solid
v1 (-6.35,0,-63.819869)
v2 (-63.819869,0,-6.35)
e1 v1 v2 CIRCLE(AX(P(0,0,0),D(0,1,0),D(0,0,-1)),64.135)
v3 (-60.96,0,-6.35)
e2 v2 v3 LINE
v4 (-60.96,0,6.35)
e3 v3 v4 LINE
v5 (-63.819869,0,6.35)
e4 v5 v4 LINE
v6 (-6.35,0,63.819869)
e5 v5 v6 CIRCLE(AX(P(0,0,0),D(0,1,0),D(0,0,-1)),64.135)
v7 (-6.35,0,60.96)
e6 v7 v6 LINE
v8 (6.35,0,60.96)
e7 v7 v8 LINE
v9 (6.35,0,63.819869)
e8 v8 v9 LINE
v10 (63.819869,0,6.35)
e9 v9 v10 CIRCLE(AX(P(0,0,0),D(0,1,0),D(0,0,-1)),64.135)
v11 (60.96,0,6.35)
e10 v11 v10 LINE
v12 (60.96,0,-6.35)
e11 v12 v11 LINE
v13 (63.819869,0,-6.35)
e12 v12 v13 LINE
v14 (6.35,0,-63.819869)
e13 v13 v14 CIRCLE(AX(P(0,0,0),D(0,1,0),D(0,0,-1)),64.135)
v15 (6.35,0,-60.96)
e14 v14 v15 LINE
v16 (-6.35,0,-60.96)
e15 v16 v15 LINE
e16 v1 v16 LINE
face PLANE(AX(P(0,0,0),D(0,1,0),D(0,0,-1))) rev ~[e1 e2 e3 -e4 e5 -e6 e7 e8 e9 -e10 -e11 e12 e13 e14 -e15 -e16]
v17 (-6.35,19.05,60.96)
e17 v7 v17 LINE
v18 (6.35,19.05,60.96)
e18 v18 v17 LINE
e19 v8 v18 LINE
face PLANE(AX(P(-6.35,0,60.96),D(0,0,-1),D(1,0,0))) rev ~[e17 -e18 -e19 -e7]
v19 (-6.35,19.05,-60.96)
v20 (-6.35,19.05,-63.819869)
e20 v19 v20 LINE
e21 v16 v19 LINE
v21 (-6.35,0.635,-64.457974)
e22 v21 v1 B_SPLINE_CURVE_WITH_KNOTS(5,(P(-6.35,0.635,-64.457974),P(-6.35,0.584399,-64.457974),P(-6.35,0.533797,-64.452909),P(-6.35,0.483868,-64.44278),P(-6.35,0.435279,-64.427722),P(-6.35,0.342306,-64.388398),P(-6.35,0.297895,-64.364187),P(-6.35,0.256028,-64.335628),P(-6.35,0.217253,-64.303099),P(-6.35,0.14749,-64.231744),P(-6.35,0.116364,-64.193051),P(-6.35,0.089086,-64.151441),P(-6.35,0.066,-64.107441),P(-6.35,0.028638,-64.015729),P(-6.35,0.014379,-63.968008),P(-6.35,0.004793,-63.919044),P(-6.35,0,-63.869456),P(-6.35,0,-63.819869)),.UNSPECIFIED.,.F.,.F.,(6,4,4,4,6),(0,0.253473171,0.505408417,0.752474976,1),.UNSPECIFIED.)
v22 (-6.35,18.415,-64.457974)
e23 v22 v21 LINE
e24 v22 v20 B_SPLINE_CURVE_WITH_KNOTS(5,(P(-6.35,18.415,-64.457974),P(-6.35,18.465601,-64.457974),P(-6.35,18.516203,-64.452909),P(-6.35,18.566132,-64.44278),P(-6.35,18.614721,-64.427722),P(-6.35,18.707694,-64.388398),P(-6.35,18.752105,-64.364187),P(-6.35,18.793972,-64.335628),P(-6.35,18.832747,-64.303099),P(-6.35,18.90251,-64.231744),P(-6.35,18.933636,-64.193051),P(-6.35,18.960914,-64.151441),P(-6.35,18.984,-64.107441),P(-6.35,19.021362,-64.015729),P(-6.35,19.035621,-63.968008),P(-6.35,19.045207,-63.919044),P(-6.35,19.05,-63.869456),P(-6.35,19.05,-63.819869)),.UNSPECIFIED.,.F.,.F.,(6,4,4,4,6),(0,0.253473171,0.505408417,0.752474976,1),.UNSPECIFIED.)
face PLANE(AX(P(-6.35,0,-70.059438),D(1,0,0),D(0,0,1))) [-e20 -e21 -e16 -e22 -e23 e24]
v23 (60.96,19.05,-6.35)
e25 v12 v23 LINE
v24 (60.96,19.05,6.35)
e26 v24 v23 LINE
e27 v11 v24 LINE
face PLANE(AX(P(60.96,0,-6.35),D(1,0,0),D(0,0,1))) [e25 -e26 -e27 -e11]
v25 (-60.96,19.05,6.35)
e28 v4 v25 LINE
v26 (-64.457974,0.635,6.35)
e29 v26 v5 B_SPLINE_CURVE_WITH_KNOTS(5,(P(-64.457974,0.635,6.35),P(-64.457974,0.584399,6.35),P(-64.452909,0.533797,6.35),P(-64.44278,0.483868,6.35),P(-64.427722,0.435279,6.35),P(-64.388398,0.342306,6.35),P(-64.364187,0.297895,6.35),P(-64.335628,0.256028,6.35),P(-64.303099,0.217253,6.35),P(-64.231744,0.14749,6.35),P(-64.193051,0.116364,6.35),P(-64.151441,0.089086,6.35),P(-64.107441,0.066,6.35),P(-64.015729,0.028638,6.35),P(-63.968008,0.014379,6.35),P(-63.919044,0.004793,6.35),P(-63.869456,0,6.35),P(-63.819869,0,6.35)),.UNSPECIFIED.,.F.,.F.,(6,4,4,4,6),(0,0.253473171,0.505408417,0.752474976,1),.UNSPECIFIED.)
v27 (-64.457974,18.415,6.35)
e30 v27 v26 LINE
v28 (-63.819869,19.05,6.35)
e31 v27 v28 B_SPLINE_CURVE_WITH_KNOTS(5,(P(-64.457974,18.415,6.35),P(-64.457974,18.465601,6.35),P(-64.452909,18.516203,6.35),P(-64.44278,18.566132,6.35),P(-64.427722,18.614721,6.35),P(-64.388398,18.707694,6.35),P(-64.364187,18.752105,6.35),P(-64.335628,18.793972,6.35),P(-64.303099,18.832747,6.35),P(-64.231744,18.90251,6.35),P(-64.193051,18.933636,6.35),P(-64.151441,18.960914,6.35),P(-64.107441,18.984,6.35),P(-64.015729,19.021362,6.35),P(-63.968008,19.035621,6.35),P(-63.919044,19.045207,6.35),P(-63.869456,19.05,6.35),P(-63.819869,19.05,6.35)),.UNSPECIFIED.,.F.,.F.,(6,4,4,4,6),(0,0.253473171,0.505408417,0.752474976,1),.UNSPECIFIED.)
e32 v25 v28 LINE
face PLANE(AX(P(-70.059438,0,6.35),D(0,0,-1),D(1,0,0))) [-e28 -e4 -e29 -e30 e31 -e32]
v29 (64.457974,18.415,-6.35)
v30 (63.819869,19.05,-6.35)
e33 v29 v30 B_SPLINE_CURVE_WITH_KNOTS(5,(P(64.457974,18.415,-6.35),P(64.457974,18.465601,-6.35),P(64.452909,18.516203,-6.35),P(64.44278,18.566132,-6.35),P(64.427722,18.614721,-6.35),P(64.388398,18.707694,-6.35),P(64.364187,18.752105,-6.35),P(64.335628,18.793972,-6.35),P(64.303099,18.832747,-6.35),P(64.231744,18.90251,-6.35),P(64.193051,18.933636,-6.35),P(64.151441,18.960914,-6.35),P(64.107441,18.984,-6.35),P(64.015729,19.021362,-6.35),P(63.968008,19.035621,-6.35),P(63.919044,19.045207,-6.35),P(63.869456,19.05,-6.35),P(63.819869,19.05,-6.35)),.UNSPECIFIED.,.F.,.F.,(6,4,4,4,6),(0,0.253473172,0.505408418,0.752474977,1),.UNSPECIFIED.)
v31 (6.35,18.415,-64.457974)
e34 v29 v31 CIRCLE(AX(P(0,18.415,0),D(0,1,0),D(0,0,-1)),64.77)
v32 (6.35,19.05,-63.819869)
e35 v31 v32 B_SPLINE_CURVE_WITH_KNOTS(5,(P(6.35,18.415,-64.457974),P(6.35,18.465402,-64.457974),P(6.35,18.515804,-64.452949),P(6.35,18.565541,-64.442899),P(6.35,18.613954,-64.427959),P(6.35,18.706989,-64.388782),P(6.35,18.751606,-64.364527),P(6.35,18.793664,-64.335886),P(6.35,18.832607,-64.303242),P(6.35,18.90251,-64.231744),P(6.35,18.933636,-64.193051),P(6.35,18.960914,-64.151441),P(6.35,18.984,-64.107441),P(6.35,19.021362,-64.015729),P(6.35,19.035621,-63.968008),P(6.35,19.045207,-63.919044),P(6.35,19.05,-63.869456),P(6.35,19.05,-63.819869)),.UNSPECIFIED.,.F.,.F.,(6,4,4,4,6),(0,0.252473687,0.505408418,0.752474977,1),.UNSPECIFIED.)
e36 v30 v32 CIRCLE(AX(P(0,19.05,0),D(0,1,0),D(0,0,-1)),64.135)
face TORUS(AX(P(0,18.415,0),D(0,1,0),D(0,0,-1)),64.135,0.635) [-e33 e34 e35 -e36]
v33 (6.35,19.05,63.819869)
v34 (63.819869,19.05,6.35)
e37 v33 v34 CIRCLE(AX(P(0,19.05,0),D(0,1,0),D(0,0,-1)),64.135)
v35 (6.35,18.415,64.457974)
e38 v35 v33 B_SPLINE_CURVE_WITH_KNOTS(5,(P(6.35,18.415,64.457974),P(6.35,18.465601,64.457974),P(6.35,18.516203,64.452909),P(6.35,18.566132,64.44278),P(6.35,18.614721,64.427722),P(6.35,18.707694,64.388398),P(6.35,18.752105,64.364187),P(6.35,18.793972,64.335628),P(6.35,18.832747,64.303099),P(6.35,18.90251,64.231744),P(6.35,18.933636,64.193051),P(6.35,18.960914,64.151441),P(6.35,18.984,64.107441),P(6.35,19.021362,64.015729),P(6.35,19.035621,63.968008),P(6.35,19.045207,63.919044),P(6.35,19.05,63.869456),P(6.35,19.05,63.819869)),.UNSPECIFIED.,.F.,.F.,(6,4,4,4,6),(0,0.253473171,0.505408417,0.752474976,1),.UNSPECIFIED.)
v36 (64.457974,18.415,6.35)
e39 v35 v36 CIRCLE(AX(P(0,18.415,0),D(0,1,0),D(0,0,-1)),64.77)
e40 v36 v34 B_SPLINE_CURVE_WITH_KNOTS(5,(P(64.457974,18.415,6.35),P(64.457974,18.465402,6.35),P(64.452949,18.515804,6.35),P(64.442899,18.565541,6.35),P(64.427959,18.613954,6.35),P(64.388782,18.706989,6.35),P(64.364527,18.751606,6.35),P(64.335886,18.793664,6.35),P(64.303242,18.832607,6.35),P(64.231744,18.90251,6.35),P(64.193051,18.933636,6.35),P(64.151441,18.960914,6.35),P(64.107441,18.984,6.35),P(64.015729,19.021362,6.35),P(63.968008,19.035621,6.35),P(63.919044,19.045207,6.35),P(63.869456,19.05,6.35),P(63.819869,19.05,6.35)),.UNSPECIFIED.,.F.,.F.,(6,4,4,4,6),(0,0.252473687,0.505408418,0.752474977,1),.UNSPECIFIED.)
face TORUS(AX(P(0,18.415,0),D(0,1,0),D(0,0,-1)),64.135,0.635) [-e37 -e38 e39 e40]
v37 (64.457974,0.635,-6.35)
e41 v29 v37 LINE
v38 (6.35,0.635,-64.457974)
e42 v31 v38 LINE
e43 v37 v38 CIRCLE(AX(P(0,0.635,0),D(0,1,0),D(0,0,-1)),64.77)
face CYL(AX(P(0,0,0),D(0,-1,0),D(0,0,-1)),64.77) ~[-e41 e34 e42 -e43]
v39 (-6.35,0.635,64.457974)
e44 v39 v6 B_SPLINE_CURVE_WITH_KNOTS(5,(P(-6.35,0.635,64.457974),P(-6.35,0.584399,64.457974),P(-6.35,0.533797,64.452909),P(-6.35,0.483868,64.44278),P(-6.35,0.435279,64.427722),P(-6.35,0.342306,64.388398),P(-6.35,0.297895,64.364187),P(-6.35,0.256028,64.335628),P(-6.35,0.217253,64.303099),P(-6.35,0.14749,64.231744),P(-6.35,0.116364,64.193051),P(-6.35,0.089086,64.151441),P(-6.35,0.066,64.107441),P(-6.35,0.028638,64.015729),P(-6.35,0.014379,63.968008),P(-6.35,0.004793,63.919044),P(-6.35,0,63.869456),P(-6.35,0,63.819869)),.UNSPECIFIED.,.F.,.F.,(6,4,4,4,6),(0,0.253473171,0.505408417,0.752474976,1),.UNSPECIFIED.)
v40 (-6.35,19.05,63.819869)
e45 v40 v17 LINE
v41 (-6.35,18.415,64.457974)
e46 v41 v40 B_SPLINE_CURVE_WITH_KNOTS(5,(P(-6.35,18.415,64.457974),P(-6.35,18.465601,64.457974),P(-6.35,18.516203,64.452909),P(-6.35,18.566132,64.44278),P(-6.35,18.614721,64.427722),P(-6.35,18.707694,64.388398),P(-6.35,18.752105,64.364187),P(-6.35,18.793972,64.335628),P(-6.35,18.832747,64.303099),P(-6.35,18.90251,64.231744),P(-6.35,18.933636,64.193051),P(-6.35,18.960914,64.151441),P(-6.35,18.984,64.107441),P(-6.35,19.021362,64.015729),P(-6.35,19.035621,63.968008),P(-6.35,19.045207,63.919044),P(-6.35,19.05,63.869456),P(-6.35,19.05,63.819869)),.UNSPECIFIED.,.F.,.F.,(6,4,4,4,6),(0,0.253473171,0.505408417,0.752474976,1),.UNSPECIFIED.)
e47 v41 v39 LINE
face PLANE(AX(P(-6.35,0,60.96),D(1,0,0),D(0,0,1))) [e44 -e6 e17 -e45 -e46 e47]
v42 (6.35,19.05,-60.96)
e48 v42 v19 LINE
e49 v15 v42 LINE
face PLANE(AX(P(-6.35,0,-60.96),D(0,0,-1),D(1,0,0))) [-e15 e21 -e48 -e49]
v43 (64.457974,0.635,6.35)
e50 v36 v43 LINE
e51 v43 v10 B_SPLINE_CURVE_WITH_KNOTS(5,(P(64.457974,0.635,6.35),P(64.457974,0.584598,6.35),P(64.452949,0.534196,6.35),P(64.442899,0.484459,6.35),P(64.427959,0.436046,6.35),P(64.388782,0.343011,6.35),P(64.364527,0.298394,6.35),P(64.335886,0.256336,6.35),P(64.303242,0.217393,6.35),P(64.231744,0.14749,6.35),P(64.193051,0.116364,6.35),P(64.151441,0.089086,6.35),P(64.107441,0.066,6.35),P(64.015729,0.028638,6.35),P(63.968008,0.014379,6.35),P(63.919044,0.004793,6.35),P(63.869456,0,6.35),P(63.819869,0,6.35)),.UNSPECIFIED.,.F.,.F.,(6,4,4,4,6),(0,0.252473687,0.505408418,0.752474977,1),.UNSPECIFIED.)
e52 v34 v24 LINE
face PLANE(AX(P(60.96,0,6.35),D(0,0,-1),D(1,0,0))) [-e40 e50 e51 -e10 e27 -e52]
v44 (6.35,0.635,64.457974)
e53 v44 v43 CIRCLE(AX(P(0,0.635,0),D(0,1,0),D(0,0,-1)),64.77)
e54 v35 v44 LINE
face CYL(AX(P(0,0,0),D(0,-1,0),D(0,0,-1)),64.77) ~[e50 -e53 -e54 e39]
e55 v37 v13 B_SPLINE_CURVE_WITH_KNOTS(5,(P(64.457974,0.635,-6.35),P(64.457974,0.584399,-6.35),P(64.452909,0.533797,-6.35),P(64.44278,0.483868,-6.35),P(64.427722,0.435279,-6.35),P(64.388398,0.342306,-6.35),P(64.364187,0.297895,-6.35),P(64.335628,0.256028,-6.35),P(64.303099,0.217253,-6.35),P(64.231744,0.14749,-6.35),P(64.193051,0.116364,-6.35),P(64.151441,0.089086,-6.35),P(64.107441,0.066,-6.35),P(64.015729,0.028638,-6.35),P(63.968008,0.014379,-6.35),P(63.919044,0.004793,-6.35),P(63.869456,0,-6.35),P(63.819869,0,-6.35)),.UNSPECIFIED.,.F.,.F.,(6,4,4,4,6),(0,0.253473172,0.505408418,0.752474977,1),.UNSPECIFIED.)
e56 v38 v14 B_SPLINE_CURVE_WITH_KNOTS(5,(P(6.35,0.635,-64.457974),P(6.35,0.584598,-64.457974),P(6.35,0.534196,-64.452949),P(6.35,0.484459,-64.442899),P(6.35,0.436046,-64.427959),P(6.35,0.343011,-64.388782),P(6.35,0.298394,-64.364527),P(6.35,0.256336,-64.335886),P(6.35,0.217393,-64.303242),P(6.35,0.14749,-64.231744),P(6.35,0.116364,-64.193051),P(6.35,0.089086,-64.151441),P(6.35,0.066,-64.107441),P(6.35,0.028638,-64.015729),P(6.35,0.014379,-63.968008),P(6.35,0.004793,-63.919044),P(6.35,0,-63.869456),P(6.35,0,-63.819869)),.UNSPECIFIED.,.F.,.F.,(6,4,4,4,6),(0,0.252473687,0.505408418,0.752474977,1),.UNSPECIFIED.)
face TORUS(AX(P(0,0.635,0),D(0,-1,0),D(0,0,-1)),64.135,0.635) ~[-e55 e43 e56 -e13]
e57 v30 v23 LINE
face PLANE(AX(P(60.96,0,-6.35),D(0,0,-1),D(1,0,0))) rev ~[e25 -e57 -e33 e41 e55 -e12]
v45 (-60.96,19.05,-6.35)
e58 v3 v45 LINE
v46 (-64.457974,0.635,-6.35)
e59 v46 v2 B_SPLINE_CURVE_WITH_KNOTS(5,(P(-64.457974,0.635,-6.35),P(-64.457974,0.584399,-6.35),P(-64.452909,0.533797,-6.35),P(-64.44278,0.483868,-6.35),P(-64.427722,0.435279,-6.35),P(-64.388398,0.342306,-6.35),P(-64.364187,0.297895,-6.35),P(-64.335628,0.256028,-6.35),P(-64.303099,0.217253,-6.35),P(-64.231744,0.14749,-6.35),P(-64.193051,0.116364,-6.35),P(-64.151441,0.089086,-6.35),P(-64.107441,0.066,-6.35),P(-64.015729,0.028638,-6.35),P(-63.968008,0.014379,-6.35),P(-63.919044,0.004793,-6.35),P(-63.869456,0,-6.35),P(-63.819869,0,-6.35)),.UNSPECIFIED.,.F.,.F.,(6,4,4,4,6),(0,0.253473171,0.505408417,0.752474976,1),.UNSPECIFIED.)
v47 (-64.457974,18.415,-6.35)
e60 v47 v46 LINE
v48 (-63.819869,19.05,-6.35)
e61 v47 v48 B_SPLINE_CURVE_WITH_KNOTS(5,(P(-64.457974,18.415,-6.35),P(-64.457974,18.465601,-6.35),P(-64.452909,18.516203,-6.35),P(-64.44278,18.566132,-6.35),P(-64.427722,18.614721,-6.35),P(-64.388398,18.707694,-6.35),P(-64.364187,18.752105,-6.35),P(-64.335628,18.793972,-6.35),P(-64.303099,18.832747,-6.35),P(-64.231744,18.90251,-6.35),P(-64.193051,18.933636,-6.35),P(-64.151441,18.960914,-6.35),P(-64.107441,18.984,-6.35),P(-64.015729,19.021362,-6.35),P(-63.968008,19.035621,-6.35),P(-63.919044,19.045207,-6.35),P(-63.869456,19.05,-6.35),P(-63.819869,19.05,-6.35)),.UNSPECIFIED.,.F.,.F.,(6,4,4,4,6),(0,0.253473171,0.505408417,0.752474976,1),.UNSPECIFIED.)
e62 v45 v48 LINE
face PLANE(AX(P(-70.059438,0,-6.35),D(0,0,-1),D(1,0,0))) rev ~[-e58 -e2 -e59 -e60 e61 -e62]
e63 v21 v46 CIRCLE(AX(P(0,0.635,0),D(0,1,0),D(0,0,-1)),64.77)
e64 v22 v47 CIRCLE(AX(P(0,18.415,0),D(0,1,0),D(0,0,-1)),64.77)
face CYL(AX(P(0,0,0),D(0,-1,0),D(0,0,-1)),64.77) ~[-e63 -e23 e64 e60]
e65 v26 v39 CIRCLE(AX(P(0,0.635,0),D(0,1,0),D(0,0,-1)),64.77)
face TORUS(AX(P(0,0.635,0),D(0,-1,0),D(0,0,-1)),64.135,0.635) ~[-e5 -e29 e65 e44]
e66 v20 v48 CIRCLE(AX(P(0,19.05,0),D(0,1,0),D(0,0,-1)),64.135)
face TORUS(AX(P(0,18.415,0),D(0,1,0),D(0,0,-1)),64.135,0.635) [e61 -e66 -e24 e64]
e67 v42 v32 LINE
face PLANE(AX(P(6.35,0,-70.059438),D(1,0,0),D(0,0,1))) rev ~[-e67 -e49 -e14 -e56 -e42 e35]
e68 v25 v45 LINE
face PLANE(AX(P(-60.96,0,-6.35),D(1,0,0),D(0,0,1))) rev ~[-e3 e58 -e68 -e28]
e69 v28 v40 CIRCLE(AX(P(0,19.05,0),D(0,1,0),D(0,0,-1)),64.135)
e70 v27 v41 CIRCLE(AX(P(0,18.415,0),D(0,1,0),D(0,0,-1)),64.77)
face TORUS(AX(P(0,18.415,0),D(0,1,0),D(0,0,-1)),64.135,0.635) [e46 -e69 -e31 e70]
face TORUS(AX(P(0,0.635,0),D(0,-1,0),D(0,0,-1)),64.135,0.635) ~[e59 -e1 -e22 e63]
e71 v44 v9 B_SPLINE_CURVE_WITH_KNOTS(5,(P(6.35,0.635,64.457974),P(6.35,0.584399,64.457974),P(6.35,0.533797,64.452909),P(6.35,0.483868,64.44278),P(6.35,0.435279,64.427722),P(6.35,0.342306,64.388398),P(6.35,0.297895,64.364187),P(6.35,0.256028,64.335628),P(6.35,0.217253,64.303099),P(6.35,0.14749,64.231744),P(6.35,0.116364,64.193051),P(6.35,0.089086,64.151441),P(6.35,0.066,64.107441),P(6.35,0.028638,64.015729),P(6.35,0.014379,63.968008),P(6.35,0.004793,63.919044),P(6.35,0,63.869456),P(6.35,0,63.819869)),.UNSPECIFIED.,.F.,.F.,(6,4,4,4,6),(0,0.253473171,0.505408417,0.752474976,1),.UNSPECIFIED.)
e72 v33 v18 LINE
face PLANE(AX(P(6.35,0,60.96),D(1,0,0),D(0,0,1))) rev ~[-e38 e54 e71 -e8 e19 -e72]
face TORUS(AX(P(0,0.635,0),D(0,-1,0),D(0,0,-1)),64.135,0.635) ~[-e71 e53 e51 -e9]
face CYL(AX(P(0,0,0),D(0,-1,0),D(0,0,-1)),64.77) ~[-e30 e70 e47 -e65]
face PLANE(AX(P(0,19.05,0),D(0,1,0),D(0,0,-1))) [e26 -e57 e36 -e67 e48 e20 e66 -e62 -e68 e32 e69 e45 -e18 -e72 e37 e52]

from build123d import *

# Parameters (mm, degrees)
SKETCH2_R           = 64.77
BOSS_EXTRUDE1_DEPTH = 19.05
FILLET1_R           = 0.635
SKETCH4_W           = 12.7
SKETCH4_H           = 9.0994385
SKETCH4_W_2         = 9.0994385
SKETCH4_H_2         = 12.7
CUT_EXTRUDE2_DEPTH  = 94.558582252


with BuildPart() as part:
    # Sketch2 → Boss-Extrude1 (new body)
    with BuildSketch(Plane(origin=(0, 0, 0), x_dir=(1, 0, 0), z_dir=(0, 1, 0))):
        with Locations(Location((0, 0, 0), (0, 0, 90))):
            Circle(SKETCH2_R)
    extrude(amount=BOSS_EXTRUDE1_DEPTH)

    # Fillet1
    fillet1_edges = [part.edges().sort_by_distance(p)[0] for p in [
        (0, 0, 64.77),
        (0, 19.05, 64.77),
    ]]
    fillet(fillet1_edges, radius=FILLET1_R)

    # Sketch4 → Cut-Extrude2 (cut, through all)
    with BuildSketch(Plane.XZ):
        with Locations((0, -65.50971925)):
            Rectangle(SKETCH4_W, SKETCH4_H)
        with Locations((-65.50971925, 0)):
            Rectangle(SKETCH4_W_2, SKETCH4_H_2)
        with Locations((0, 65.50971925)):
            Rectangle(SKETCH4_W, SKETCH4_H)
        with Locations((65.50971925, 0)):
            Rectangle(SKETCH4_W_2, SKETCH4_H_2)
    extrude(amount=-CUT_EXTRUDE2_DEPTH, mode=Mode.SUBTRACT)


solid = part.part
